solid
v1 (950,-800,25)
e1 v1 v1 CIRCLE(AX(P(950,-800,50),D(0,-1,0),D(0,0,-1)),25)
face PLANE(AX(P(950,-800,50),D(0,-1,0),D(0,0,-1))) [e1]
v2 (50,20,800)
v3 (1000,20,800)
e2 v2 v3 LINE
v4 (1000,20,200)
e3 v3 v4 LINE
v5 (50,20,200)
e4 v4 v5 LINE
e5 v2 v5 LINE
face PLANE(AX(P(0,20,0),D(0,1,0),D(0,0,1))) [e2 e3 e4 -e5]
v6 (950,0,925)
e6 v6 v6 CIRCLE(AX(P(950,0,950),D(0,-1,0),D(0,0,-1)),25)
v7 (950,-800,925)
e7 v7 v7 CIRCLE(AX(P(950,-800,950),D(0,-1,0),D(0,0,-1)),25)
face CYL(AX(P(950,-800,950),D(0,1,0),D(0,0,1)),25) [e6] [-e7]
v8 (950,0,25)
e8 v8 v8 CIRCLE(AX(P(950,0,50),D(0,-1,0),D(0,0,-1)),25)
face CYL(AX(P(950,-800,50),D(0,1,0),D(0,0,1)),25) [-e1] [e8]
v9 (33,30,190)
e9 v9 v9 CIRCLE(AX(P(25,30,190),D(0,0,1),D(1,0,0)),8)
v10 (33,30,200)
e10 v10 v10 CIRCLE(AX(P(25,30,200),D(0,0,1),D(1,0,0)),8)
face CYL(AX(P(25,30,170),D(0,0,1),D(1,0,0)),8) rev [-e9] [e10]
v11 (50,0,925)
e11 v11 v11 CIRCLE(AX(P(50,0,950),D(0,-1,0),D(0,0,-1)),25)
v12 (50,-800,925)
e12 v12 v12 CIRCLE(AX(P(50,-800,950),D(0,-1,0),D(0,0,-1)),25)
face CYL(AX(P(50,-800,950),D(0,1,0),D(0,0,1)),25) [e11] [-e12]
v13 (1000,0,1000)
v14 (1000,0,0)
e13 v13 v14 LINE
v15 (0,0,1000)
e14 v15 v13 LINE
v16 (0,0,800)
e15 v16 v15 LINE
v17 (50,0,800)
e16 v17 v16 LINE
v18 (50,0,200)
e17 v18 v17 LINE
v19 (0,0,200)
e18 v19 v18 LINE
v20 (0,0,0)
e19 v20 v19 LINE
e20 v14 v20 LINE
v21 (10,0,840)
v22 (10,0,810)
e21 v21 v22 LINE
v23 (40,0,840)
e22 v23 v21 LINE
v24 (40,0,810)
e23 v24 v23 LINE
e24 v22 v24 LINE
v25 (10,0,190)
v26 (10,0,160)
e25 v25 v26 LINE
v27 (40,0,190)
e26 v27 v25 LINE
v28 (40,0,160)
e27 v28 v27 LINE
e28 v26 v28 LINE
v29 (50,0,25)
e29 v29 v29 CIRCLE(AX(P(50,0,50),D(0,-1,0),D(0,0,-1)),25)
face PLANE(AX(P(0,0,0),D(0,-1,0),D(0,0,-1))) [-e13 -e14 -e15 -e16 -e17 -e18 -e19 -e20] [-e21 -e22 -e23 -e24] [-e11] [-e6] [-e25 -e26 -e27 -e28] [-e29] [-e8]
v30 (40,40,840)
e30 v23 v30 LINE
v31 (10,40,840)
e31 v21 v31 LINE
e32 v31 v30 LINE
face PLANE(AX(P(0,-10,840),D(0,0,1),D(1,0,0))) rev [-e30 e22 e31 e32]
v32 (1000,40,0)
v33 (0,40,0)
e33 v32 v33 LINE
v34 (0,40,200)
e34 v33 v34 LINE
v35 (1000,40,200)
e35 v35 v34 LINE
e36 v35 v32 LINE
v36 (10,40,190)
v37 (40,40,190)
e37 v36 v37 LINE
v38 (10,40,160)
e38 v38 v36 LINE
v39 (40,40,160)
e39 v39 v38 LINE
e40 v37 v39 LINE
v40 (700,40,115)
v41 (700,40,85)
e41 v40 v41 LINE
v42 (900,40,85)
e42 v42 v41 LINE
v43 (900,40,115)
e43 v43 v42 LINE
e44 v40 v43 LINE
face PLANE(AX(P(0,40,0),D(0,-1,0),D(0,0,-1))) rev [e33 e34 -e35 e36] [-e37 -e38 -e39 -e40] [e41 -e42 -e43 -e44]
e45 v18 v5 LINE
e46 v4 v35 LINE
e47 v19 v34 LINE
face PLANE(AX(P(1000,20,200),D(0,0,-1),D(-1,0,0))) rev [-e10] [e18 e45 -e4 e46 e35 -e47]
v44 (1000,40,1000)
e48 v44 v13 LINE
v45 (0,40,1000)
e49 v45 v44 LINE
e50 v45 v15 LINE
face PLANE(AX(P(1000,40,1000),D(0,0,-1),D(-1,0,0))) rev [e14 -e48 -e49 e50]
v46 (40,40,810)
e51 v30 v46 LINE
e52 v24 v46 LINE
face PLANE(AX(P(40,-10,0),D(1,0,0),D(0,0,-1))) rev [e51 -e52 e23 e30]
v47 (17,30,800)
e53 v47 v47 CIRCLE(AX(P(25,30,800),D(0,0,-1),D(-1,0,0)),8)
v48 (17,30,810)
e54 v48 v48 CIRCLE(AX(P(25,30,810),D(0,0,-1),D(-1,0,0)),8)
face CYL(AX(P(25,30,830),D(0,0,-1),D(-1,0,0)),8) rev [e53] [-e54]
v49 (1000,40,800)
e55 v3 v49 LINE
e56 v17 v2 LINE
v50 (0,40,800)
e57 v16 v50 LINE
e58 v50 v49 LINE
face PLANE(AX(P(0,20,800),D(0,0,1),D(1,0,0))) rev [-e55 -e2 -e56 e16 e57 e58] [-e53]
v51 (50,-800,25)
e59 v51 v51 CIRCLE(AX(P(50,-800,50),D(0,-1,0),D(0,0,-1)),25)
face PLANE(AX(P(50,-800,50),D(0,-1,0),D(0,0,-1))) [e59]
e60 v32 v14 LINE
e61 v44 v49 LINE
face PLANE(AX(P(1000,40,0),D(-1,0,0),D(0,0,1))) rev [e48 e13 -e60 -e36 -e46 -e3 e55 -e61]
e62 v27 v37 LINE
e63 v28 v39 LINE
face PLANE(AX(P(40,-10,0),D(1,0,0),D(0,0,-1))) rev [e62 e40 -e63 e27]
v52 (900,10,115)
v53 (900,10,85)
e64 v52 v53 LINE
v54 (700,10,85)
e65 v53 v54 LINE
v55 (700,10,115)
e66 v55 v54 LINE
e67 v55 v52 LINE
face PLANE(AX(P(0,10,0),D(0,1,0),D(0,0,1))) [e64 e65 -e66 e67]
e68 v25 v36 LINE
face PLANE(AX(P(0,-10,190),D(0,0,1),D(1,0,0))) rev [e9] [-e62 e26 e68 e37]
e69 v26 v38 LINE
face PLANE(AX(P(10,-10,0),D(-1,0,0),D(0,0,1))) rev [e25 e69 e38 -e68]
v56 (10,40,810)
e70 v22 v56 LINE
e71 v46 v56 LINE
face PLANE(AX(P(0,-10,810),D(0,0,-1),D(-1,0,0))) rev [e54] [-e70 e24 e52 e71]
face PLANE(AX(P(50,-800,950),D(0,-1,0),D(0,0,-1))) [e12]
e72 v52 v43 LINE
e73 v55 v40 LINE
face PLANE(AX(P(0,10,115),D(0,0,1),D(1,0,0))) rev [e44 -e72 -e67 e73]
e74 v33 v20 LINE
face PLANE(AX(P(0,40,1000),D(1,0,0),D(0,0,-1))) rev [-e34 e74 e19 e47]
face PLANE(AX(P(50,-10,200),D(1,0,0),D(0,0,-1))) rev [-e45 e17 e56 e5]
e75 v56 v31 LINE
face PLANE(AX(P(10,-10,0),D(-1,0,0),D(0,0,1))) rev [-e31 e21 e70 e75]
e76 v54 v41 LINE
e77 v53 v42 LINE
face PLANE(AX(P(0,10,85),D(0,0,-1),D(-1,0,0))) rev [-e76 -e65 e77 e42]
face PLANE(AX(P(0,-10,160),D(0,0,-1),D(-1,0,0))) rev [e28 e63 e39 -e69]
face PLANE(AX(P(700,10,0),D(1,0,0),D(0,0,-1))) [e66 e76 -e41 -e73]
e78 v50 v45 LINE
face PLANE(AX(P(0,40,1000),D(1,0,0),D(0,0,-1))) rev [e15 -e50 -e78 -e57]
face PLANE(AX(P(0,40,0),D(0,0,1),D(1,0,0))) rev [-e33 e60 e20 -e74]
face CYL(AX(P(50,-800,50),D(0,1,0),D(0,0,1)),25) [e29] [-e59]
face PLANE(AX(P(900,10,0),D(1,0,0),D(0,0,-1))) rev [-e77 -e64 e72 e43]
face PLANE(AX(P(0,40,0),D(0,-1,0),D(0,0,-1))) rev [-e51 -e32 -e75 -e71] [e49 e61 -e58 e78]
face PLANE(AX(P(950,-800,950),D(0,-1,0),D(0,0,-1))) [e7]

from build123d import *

# Parameters (mm, degrees)
SKETCH1_W           = 1000
SKETCH1_H           = 1000
BOSS_EXTRUDE1_DEPTH = 40
SKETCH2_W           = 1000
SKETCH2_H           = 600
CUT_EXTRUDE1_DEPTH  = 20
SKETCH6_R           = 25
BOSS_EXTRUDE8_DEPTH = 800
SKETCH7_W           = 30
SKETCH7_H           = 30
CUT_EXTRUDE3_DEPTH  = 50
SKETCH8_R           = 8
CUT_EXTRUDE4_DEPTH  = 30
CUT_EXTRUDE5_START  = -30
SKETCH9_R           = 8
CUT_EXTRUDE5_DEPTH  = 30
SKETCH10_W          = 50
SKETCH10_H          = 600
CUT_EXTRUDE6_DEPTH  = 30
CUT_EXTRUDE7_DEPTH  = 30


with BuildPart() as part:
    # Sketch1 → Boss-Extrude1 (new body)
    with BuildSketch(Plane(origin=(0, 0, 0), x_dir=(1, 0, 0), z_dir=(0, 1, 0))):
        with Locations((500, -500)):
            Rectangle(SKETCH1_W, SKETCH1_H)
    extrude(amount=BOSS_EXTRUDE1_DEPTH)

    # Sketch2 → Cut-Extrude1 (cut)
    with BuildSketch(Plane(origin=(0, 40, 0), x_dir=(1, 0, 0), z_dir=(0, 1, 0))):
        with Locations((500, -500)):
            Rectangle(SKETCH2_W, SKETCH2_H)
    extrude(amount=-CUT_EXTRUDE1_DEPTH, mode=Mode.SUBTRACT)

    # Sketch6 → Boss-Extrude8 (add)
    with BuildSketch(Plane(origin=(0, 0, 0), x_dir=(-1, 0, 0), z_dir=(0, -1, 0))):
        with Locations(Location((-50, -950, 0), (0, 0, 90))):
            Circle(SKETCH6_R)
        with Locations(Location((-950, -950, 0), (0, 0, 90))):
            Circle(SKETCH6_R)
        with Locations(Location((-950, -50, 0), (0, 0, 90))):
            Circle(SKETCH6_R)
        with Locations(Location((-50, -50, 0), (0, 0, 90))):
            Circle(SKETCH6_R)
    extrude(amount=BOSS_EXTRUDE8_DEPTH)

    # Sketch7 → Cut-Extrude3 (cut)
    with BuildSketch(Plane(origin=(0, 40, 0), x_dir=(1, 0, 0), z_dir=(0, 1, 0))):
        with Locations((25, -175)):
            Rectangle(SKETCH7_W, SKETCH7_H)
        with Locations((25, -825)):
            Rectangle(SKETCH7_W, SKETCH7_H)
    extrude(amount=-CUT_EXTRUDE3_DEPTH, mode=Mode.SUBTRACT)

    # Sketch8 → Cut-Extrude4 (cut)
    with BuildSketch(Plane.XY.offset(200)):
        with Locations((25, 30)):
            Circle(SKETCH8_R)
    extrude(amount=-CUT_EXTRUDE4_DEPTH, mode=Mode.SUBTRACT)

    # Sketch9 → Cut-Extrude5 (cut)
    with BuildSketch(Plane(origin=(0, 0, 800), x_dir=(-1, 0, 0), z_dir=(0, 0, -1)).offset(CUT_EXTRUDE5_START)):
        with Locations(Location((-25, 30, 0), (0, 0, 180))):
            Circle(SKETCH9_R)
    extrude(amount=CUT_EXTRUDE5_DEPTH, mode=Mode.SUBTRACT)

    # Sketch10 → Cut-Extrude6 (cut)
    with BuildSketch(Plane(origin=(0, 20, 0), x_dir=(1, 0, 0), z_dir=(0, 1, 0))):
        with Locations((25, -500)):
            Rectangle(SKETCH10_W, SKETCH10_H)
    extrude(amount=-CUT_EXTRUDE6_DEPTH, mode=Mode.SUBTRACT)

    # Sketch11 → Cut-Extrude7 (cut)
    with BuildSketch(Plane(origin=(0, 40, 0), x_dir=(1, 0, 0), z_dir=(0, 1, 0))):
        Polygon((700, -115), (900, -115), (900, -100), (900, -85), (700, -85), align=None)
    extrude(amount=-CUT_EXTRUDE7_DEPTH, mode=Mode.SUBTRACT)


solid = part.part
